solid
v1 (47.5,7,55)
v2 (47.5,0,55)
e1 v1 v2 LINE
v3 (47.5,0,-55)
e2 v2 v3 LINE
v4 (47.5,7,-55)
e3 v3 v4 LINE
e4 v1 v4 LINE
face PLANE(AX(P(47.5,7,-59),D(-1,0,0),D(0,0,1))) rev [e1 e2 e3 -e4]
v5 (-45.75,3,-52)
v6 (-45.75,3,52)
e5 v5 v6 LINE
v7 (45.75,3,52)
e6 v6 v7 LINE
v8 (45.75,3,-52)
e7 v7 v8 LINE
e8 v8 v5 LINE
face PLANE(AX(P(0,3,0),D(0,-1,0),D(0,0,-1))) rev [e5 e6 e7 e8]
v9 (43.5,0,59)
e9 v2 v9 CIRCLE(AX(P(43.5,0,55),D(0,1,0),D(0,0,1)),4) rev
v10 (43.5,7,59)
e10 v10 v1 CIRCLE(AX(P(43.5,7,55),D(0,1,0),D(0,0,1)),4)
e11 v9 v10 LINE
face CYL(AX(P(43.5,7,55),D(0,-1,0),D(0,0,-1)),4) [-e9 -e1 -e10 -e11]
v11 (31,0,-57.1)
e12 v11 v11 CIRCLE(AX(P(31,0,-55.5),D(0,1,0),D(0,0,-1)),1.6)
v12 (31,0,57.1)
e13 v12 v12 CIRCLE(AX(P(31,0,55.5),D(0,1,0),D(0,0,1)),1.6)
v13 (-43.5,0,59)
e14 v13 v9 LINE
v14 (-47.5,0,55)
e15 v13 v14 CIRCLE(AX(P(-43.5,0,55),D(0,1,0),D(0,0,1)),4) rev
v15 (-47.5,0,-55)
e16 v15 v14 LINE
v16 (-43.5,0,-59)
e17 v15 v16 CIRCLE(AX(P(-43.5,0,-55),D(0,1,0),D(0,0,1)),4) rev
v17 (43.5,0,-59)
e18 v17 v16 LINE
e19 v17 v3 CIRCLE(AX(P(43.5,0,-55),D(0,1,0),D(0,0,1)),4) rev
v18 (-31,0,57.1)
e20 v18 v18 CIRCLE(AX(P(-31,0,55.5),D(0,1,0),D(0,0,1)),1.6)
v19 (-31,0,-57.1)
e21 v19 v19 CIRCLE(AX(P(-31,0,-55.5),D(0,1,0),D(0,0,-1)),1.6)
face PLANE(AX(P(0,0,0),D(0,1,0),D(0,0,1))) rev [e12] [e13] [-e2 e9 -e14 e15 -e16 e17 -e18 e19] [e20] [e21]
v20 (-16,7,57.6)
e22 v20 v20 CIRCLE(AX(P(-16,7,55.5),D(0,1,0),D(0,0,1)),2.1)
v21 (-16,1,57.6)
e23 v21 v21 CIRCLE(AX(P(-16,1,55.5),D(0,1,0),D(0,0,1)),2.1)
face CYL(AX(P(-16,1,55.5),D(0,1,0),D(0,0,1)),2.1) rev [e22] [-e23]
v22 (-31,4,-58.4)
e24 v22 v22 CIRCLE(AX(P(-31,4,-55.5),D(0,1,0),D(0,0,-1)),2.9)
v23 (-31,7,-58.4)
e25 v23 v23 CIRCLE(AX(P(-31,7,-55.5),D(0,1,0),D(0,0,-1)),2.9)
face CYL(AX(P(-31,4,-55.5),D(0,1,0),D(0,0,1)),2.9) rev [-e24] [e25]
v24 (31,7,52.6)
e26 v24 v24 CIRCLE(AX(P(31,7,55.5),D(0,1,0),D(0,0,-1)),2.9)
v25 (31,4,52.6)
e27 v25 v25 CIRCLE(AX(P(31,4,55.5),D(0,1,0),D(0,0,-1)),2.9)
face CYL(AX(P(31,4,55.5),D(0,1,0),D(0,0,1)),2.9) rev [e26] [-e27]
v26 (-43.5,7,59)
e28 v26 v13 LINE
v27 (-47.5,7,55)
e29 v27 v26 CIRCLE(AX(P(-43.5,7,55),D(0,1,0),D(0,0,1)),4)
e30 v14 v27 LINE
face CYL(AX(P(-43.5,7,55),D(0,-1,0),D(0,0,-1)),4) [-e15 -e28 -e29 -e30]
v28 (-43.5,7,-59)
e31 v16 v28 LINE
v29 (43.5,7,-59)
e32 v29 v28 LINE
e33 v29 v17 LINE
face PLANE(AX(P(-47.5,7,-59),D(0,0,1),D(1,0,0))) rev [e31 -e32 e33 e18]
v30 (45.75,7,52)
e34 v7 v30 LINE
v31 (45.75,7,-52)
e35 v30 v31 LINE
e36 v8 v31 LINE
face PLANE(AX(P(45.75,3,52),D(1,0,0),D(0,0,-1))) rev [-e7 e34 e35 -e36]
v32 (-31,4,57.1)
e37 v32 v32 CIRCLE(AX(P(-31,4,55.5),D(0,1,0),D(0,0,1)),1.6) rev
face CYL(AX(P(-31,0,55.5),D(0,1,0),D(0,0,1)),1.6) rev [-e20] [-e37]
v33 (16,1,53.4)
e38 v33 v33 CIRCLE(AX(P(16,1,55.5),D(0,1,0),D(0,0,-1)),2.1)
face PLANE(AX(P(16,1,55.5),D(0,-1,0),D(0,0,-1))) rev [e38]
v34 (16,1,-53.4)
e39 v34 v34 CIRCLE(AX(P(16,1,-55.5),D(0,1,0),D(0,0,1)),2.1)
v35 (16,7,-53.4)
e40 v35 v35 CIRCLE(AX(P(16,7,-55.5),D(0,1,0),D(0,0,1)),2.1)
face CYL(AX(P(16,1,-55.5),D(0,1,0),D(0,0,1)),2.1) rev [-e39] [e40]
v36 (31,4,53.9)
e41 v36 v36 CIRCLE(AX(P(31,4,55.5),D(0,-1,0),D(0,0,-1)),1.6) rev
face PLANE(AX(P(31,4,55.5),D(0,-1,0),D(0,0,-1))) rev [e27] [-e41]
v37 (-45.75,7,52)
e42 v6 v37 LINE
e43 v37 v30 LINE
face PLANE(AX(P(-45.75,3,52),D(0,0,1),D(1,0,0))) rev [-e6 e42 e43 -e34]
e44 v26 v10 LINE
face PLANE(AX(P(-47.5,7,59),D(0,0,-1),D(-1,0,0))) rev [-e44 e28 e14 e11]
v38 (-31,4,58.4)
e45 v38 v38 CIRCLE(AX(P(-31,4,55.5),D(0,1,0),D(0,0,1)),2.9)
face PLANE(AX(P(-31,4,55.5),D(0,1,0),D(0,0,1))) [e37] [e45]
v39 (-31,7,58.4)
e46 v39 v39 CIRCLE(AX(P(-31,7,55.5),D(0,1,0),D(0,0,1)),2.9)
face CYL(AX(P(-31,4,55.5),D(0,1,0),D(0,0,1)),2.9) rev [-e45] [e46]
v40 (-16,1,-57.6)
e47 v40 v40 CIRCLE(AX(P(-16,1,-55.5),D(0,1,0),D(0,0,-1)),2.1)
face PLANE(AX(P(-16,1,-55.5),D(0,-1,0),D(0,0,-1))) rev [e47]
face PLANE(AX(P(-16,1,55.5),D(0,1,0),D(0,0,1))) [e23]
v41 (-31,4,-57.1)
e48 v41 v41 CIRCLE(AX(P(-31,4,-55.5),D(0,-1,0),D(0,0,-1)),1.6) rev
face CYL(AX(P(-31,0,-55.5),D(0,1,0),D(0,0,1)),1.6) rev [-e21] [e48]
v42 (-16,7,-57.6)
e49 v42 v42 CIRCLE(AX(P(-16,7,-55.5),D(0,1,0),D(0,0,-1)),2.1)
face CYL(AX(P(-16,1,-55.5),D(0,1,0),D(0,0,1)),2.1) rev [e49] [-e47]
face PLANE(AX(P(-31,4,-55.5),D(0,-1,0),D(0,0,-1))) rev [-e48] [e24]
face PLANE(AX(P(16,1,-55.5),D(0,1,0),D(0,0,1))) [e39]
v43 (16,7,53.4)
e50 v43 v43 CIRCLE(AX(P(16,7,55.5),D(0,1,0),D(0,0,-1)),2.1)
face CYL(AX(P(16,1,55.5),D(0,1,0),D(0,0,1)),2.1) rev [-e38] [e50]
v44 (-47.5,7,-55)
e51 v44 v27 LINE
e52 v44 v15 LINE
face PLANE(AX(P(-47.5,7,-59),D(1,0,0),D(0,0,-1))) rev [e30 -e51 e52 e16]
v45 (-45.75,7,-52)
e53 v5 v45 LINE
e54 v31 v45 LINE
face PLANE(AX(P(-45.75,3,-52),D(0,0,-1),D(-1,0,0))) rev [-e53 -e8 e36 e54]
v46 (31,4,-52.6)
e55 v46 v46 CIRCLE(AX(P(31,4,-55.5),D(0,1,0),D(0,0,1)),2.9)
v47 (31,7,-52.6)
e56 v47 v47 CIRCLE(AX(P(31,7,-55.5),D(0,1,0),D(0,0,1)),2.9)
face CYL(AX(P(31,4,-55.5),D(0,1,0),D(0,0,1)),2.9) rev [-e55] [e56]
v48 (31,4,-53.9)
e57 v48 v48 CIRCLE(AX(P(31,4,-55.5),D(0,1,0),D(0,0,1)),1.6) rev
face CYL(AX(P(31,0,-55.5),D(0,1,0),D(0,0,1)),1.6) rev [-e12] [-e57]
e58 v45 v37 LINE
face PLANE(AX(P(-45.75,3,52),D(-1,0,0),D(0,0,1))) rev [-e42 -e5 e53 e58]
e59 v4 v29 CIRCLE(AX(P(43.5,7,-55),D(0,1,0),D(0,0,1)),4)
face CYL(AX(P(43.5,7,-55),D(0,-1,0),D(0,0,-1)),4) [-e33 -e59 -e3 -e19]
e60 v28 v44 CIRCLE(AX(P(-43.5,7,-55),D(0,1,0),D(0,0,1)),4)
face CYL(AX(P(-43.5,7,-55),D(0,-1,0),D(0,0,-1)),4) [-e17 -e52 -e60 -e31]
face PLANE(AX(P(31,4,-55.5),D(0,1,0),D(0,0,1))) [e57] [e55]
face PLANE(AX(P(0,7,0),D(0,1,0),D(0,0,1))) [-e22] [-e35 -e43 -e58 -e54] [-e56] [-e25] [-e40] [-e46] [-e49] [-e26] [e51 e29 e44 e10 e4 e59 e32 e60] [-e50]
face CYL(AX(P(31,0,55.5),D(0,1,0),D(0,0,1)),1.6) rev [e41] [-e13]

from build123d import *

# Parameters (mm, degrees)
SZKIC1_W                    = 95
SZKIC1_H                    = 118
DODANIE_WYCI_GNI_CIE1_DEPTH = 7
SZKIC2_W                    = 91.5
SZKIC2_H                    = 104
WYTNIJ_WYCI_GNI_CIE1_DEPTH  = 4
SZKIC4_R                    = 1.6
WYTNIJ_WYCI_GNI_CIE3_DEPTH  = 8
ZAOKR_GLENIE1_R             = 4
SZKIC5_R                    = 2.9
WYTNIJ_WYCI_GNI_CIE4_DEPTH  = 3
SZKIC6_R                    = 2.1
WYTNIJ_WYCI_GNI_CIE5_DEPTH  = 6


with BuildPart() as part:
    # Szkic1 → Dodanie-wyciągnięcie1 (new body)
    with BuildSketch(Plane(origin=(0, 0, 0), x_dir=(1, 0, 0), z_dir=(0, 1, 0))):
        Rectangle(SZKIC1_W, SZKIC1_H)
    extrude(amount=DODANIE_WYCI_GNI_CIE1_DEPTH)

    # Szkic2 → Wytnij-wyciągnięcie1 (cut)
    with BuildSketch(Plane(origin=(0, 7, 0), x_dir=(1, 0, 0), z_dir=(0, 1, 0))):
        Rectangle(SZKIC2_W, SZKIC2_H)
    extrude(amount=-WYTNIJ_WYCI_GNI_CIE1_DEPTH, mode=Mode.SUBTRACT)

    # Szkic4 → Wytnij-wyciągnięcie3 (cut, through all)
    with BuildSketch(Plane(origin=(0, 7, 0), x_dir=(1, 0, 0), z_dir=(0, 1, 0))):
        with Locations((31, -55.5)):
            Circle(SZKIC4_R)
        with Locations((-31, -55.5)):
            Circle(SZKIC4_R)
        with Locations((31, 55.5)):
            Circle(SZKIC4_R)
        with Locations((-31, 55.5)):
            Circle(SZKIC4_R)
    extrude(amount=-WYTNIJ_WYCI_GNI_CIE3_DEPTH, mode=Mode.SUBTRACT)

    # Zaokrąglenie1
    zaokr_glenie1_edges = [part.edges().sort_by_distance(p)[0] for p in [
        (47.5, 3.5, 59),
        (-47.5, 3.5, 59),
        (-47.5, 3.5, -59),
        (47.5, 3.5, -59),
    ]]
    fillet(zaokr_glenie1_edges, radius=ZAOKR_GLENIE1_R)

    # Szkic5 → Wytnij-wyciągnięcie4 (cut)
    with BuildSketch(Plane(origin=(0, 7, 0), x_dir=(1, 0, 0), z_dir=(0, 1, 0))):
        with Locations((-31, -55.5)):
            Circle(SZKIC5_R)
        with Locations((-31, 55.5)):
            Circle(SZKIC5_R)
        with Locations((31, -55.5)):
            Circle(SZKIC5_R)
        with Locations((31, 55.5)):
            Circle(SZKIC5_R)
    extrude(amount=-WYTNIJ_WYCI_GNI_CIE4_DEPTH, mode=Mode.SUBTRACT)

    # Szkic6 → Wytnij-wyciągnięcie5 (cut)
    with BuildSketch(Plane(origin=(0, 7, 0), x_dir=(1, 0, 0), z_dir=(0, 1, 0))):
        with Locations((-16, -55.5)):
            Circle(SZKIC6_R)
        with Locations((-16, 55.5)):
            Circle(SZKIC6_R)
        with Locations((16, 55.5)):
            Circle(SZKIC6_R)
        with Locations((16, -55.5)):
            Circle(SZKIC6_R)
    extrude(amount=-WYTNIJ_WYCI_GNI_CIE5_DEPTH, mode=Mode.SUBTRACT)


solid = part.part
